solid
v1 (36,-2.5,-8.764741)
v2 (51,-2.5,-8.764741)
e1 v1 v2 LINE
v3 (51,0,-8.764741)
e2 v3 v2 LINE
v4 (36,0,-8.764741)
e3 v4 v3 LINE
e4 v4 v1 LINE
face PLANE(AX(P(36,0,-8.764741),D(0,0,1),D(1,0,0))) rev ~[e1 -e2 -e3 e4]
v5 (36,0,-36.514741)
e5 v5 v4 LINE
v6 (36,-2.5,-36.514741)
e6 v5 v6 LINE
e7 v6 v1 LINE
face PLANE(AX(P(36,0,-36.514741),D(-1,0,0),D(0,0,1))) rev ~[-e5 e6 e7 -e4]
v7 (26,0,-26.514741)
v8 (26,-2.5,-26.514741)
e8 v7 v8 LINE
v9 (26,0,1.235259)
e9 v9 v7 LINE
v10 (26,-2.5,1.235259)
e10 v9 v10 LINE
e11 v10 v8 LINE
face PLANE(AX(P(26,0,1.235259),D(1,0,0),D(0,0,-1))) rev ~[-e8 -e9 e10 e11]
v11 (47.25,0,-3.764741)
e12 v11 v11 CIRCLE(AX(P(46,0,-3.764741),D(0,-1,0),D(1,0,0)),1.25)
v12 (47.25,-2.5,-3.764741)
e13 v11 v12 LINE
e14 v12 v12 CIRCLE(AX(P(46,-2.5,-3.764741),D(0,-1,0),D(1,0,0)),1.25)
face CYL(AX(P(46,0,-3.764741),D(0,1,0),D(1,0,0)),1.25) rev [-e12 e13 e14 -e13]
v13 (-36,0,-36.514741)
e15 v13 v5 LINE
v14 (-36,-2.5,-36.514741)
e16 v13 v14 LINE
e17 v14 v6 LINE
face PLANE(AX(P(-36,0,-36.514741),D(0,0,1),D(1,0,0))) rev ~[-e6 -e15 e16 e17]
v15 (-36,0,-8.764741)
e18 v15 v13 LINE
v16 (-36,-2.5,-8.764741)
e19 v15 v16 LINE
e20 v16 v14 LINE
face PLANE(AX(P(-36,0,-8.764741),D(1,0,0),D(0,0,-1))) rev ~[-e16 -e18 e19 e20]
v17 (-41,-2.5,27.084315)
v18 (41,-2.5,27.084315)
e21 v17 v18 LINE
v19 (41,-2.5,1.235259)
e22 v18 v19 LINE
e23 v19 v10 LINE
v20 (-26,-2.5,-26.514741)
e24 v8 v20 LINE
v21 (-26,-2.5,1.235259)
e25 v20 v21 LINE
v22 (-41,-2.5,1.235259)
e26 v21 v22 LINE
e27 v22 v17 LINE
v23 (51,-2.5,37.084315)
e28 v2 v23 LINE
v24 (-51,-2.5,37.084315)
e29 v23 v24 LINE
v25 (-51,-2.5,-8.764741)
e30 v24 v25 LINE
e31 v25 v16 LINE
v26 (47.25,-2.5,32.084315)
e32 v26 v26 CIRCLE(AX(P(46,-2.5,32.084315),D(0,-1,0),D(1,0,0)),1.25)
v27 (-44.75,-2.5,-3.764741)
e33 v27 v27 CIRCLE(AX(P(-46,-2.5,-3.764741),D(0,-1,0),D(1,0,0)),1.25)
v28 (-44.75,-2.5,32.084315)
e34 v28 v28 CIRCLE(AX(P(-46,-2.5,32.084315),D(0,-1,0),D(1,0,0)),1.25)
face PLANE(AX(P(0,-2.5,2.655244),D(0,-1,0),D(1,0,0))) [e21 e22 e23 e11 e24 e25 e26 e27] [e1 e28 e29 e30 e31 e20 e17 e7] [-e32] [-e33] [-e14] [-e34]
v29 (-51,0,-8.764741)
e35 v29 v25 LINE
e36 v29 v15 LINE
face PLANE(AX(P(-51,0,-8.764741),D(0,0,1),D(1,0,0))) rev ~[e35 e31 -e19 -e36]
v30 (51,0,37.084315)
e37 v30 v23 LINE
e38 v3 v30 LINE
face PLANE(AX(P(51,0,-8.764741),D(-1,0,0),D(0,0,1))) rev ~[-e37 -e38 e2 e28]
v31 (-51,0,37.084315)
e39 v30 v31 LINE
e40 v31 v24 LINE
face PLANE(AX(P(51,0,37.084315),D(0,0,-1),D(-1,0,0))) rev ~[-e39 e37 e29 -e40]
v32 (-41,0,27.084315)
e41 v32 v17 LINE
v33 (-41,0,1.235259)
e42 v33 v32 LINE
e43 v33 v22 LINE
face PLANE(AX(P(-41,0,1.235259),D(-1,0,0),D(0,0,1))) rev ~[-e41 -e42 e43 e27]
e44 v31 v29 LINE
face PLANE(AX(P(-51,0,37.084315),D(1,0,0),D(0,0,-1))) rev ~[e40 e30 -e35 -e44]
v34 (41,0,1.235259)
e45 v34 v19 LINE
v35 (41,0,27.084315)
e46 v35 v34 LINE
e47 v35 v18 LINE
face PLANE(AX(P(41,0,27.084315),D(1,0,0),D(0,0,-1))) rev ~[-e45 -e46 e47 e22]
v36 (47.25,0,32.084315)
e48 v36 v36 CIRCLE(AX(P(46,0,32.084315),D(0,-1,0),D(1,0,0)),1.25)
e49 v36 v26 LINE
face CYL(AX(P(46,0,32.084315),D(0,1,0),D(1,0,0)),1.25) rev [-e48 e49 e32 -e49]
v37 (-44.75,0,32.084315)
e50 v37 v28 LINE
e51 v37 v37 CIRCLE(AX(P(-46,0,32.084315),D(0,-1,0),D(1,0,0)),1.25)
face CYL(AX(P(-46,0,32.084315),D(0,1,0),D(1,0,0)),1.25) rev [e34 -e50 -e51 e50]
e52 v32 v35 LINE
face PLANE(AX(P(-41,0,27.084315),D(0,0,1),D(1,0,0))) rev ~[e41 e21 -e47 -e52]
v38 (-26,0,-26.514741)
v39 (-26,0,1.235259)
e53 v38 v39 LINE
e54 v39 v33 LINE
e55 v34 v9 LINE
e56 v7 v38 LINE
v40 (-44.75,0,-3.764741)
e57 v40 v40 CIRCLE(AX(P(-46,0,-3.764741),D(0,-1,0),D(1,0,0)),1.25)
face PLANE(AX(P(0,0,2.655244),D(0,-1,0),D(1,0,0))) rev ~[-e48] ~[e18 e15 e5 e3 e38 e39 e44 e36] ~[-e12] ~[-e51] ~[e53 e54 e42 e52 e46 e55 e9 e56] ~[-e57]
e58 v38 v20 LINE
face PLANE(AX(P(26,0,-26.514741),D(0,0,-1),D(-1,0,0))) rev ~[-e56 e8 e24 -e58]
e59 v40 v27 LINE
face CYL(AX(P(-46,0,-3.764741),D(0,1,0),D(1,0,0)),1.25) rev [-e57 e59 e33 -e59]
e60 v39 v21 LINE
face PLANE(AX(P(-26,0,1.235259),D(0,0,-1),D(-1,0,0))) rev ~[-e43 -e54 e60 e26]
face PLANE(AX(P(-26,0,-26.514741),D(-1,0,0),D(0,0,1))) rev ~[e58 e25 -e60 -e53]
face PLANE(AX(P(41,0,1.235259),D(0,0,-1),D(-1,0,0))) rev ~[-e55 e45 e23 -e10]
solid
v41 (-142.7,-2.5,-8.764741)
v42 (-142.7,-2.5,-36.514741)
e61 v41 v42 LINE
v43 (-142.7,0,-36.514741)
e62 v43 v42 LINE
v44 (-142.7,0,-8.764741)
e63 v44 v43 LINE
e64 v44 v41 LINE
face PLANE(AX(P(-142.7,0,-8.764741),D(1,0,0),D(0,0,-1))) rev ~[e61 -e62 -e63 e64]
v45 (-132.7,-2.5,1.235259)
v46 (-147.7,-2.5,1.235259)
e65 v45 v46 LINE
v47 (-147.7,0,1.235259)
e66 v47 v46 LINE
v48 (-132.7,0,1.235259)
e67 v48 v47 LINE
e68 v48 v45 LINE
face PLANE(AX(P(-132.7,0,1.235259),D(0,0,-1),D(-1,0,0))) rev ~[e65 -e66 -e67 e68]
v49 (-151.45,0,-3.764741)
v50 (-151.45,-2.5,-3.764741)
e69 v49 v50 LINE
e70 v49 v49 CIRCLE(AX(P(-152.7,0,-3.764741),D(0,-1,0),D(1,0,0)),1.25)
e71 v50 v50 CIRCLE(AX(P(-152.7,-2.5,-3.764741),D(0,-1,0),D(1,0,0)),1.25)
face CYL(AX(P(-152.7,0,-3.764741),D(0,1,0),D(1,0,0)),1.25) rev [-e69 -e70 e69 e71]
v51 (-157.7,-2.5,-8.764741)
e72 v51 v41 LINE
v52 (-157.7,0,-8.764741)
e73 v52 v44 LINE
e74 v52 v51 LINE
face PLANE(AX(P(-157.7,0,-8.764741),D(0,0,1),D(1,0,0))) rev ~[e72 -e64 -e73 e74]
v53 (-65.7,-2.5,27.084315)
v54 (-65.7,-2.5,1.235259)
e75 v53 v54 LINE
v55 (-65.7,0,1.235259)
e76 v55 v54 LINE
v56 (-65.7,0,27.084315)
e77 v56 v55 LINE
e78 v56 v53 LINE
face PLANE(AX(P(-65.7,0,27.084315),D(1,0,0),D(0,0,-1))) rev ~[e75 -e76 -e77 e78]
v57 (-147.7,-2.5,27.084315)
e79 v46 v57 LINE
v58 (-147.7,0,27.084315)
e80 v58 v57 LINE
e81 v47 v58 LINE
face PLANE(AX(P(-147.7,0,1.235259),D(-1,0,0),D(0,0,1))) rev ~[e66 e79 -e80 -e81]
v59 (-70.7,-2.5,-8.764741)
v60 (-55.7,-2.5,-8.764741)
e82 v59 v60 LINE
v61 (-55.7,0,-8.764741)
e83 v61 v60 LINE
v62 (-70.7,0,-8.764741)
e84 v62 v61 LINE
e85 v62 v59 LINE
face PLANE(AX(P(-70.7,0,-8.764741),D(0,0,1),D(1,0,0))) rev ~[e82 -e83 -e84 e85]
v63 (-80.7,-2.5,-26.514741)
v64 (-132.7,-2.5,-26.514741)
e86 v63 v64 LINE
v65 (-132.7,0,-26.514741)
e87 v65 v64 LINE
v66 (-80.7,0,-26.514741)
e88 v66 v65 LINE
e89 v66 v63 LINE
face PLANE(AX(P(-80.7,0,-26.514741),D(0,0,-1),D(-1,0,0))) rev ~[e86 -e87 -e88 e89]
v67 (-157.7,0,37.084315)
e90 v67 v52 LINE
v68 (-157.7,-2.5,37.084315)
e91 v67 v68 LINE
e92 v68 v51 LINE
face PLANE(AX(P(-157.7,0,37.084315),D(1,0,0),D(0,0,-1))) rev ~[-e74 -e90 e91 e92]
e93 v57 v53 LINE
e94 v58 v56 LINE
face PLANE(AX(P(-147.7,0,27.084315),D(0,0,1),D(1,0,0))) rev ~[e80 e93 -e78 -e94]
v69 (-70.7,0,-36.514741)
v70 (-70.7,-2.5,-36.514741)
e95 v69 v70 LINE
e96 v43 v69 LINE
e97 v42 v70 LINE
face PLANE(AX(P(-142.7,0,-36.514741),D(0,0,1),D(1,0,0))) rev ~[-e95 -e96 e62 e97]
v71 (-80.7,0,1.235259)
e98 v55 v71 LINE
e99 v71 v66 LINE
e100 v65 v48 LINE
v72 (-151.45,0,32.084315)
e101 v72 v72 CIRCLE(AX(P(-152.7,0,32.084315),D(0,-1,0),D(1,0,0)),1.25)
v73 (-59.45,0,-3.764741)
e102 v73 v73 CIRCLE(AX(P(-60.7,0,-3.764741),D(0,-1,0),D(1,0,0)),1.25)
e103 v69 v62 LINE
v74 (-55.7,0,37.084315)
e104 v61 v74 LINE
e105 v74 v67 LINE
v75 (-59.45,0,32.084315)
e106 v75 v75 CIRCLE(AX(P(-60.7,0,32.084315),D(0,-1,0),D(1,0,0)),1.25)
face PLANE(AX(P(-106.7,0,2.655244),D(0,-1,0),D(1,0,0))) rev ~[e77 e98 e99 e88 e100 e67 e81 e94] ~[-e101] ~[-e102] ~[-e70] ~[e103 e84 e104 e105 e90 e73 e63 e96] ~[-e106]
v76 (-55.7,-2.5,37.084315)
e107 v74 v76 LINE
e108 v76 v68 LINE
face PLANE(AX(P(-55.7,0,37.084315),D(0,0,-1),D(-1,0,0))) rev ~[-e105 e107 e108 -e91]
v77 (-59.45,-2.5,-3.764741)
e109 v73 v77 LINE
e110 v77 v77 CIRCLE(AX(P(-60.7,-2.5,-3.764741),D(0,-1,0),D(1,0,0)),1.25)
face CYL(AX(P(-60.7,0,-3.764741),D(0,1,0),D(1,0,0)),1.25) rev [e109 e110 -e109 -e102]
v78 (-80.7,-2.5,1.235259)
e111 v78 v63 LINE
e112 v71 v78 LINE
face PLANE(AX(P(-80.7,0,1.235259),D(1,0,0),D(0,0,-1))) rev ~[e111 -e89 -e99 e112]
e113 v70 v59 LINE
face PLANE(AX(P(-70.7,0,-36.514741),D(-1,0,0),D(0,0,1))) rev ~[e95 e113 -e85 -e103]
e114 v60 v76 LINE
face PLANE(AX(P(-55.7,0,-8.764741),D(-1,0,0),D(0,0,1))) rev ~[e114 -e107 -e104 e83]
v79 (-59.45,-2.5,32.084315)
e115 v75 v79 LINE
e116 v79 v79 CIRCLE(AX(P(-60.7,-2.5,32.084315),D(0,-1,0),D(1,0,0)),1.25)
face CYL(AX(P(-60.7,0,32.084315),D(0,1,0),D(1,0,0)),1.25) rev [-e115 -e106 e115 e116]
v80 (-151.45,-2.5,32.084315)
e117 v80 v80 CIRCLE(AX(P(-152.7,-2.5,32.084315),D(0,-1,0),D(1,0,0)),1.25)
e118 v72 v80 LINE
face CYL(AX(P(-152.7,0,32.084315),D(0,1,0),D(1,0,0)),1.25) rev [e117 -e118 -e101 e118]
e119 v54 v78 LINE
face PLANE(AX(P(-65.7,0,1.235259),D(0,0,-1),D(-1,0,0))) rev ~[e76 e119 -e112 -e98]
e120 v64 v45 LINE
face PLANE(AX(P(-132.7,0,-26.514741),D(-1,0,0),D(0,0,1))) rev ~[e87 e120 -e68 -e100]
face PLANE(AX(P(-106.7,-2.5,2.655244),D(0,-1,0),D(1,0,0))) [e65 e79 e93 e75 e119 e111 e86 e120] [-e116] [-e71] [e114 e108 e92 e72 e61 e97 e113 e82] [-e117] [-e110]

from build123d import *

# Parameters (mm, degrees)
F0_R     = 1.25
F1_DEPTH = 2.5


with BuildPart() as f1:
    # F0 (on Front) → F1 (new body)
    with BuildSketch(Plane.XZ):
        Polygon((-36, -8.764741), (-36, -36.514741), (36, -36.514741), (36, -8.764741), (51, -8.764741), (51, 37.084315), (-51, 37.084315), (-51, -8.764741), align=None)
        with Locations((-46, -3.764741)):
            Circle(F0_R, mode=Mode.SUBTRACT)
        Polygon((26, -26.514741), (-26, -26.514741), (-26, 1.235259), (-41, 1.235259), (-41, 27.084315), (41, 27.084315), (41, 1.235259), (26, 1.235259), align=None, mode=Mode.SUBTRACT)
        with Locations((46, -3.764741)):
            Circle(F0_R, mode=Mode.SUBTRACT)
        with Locations((-46, 32.084315)):
            Circle(F0_R, mode=Mode.SUBTRACT)
        with Locations((46, 32.084315)):
            Circle(F0_R, mode=Mode.SUBTRACT)
        Polygon((-157.7, -8.764741), (-142.7, -8.764741), (-142.7, -36.514741), (-70.7, -36.514741), (-70.7, -8.764741), (-55.7, -8.764741), (-55.7, 37.084315), (-157.7, 37.084315), align=None)
        with Locations((-152.7, -3.764741)):
            Circle(F0_R, mode=Mode.SUBTRACT)
        Polygon((-132.7, -26.514741), (-132.7, 1.235259), (-147.7, 1.235259), (-147.7, 27.084315), (-65.7, 27.084315), (-65.7, 1.235259), (-80.7, 1.235259), (-80.7, -26.514741), align=None, mode=Mode.SUBTRACT)
        with Locations((-60.7, -3.764741)):
            Circle(F0_R, mode=Mode.SUBTRACT)
        with Locations((-152.7, 32.084315)):
            Circle(F0_R, mode=Mode.SUBTRACT)
        with Locations((-60.7, 32.084315)):
            Circle(F0_R, mode=Mode.SUBTRACT)
    extrude(amount=F1_DEPTH)


solid = f1.part
